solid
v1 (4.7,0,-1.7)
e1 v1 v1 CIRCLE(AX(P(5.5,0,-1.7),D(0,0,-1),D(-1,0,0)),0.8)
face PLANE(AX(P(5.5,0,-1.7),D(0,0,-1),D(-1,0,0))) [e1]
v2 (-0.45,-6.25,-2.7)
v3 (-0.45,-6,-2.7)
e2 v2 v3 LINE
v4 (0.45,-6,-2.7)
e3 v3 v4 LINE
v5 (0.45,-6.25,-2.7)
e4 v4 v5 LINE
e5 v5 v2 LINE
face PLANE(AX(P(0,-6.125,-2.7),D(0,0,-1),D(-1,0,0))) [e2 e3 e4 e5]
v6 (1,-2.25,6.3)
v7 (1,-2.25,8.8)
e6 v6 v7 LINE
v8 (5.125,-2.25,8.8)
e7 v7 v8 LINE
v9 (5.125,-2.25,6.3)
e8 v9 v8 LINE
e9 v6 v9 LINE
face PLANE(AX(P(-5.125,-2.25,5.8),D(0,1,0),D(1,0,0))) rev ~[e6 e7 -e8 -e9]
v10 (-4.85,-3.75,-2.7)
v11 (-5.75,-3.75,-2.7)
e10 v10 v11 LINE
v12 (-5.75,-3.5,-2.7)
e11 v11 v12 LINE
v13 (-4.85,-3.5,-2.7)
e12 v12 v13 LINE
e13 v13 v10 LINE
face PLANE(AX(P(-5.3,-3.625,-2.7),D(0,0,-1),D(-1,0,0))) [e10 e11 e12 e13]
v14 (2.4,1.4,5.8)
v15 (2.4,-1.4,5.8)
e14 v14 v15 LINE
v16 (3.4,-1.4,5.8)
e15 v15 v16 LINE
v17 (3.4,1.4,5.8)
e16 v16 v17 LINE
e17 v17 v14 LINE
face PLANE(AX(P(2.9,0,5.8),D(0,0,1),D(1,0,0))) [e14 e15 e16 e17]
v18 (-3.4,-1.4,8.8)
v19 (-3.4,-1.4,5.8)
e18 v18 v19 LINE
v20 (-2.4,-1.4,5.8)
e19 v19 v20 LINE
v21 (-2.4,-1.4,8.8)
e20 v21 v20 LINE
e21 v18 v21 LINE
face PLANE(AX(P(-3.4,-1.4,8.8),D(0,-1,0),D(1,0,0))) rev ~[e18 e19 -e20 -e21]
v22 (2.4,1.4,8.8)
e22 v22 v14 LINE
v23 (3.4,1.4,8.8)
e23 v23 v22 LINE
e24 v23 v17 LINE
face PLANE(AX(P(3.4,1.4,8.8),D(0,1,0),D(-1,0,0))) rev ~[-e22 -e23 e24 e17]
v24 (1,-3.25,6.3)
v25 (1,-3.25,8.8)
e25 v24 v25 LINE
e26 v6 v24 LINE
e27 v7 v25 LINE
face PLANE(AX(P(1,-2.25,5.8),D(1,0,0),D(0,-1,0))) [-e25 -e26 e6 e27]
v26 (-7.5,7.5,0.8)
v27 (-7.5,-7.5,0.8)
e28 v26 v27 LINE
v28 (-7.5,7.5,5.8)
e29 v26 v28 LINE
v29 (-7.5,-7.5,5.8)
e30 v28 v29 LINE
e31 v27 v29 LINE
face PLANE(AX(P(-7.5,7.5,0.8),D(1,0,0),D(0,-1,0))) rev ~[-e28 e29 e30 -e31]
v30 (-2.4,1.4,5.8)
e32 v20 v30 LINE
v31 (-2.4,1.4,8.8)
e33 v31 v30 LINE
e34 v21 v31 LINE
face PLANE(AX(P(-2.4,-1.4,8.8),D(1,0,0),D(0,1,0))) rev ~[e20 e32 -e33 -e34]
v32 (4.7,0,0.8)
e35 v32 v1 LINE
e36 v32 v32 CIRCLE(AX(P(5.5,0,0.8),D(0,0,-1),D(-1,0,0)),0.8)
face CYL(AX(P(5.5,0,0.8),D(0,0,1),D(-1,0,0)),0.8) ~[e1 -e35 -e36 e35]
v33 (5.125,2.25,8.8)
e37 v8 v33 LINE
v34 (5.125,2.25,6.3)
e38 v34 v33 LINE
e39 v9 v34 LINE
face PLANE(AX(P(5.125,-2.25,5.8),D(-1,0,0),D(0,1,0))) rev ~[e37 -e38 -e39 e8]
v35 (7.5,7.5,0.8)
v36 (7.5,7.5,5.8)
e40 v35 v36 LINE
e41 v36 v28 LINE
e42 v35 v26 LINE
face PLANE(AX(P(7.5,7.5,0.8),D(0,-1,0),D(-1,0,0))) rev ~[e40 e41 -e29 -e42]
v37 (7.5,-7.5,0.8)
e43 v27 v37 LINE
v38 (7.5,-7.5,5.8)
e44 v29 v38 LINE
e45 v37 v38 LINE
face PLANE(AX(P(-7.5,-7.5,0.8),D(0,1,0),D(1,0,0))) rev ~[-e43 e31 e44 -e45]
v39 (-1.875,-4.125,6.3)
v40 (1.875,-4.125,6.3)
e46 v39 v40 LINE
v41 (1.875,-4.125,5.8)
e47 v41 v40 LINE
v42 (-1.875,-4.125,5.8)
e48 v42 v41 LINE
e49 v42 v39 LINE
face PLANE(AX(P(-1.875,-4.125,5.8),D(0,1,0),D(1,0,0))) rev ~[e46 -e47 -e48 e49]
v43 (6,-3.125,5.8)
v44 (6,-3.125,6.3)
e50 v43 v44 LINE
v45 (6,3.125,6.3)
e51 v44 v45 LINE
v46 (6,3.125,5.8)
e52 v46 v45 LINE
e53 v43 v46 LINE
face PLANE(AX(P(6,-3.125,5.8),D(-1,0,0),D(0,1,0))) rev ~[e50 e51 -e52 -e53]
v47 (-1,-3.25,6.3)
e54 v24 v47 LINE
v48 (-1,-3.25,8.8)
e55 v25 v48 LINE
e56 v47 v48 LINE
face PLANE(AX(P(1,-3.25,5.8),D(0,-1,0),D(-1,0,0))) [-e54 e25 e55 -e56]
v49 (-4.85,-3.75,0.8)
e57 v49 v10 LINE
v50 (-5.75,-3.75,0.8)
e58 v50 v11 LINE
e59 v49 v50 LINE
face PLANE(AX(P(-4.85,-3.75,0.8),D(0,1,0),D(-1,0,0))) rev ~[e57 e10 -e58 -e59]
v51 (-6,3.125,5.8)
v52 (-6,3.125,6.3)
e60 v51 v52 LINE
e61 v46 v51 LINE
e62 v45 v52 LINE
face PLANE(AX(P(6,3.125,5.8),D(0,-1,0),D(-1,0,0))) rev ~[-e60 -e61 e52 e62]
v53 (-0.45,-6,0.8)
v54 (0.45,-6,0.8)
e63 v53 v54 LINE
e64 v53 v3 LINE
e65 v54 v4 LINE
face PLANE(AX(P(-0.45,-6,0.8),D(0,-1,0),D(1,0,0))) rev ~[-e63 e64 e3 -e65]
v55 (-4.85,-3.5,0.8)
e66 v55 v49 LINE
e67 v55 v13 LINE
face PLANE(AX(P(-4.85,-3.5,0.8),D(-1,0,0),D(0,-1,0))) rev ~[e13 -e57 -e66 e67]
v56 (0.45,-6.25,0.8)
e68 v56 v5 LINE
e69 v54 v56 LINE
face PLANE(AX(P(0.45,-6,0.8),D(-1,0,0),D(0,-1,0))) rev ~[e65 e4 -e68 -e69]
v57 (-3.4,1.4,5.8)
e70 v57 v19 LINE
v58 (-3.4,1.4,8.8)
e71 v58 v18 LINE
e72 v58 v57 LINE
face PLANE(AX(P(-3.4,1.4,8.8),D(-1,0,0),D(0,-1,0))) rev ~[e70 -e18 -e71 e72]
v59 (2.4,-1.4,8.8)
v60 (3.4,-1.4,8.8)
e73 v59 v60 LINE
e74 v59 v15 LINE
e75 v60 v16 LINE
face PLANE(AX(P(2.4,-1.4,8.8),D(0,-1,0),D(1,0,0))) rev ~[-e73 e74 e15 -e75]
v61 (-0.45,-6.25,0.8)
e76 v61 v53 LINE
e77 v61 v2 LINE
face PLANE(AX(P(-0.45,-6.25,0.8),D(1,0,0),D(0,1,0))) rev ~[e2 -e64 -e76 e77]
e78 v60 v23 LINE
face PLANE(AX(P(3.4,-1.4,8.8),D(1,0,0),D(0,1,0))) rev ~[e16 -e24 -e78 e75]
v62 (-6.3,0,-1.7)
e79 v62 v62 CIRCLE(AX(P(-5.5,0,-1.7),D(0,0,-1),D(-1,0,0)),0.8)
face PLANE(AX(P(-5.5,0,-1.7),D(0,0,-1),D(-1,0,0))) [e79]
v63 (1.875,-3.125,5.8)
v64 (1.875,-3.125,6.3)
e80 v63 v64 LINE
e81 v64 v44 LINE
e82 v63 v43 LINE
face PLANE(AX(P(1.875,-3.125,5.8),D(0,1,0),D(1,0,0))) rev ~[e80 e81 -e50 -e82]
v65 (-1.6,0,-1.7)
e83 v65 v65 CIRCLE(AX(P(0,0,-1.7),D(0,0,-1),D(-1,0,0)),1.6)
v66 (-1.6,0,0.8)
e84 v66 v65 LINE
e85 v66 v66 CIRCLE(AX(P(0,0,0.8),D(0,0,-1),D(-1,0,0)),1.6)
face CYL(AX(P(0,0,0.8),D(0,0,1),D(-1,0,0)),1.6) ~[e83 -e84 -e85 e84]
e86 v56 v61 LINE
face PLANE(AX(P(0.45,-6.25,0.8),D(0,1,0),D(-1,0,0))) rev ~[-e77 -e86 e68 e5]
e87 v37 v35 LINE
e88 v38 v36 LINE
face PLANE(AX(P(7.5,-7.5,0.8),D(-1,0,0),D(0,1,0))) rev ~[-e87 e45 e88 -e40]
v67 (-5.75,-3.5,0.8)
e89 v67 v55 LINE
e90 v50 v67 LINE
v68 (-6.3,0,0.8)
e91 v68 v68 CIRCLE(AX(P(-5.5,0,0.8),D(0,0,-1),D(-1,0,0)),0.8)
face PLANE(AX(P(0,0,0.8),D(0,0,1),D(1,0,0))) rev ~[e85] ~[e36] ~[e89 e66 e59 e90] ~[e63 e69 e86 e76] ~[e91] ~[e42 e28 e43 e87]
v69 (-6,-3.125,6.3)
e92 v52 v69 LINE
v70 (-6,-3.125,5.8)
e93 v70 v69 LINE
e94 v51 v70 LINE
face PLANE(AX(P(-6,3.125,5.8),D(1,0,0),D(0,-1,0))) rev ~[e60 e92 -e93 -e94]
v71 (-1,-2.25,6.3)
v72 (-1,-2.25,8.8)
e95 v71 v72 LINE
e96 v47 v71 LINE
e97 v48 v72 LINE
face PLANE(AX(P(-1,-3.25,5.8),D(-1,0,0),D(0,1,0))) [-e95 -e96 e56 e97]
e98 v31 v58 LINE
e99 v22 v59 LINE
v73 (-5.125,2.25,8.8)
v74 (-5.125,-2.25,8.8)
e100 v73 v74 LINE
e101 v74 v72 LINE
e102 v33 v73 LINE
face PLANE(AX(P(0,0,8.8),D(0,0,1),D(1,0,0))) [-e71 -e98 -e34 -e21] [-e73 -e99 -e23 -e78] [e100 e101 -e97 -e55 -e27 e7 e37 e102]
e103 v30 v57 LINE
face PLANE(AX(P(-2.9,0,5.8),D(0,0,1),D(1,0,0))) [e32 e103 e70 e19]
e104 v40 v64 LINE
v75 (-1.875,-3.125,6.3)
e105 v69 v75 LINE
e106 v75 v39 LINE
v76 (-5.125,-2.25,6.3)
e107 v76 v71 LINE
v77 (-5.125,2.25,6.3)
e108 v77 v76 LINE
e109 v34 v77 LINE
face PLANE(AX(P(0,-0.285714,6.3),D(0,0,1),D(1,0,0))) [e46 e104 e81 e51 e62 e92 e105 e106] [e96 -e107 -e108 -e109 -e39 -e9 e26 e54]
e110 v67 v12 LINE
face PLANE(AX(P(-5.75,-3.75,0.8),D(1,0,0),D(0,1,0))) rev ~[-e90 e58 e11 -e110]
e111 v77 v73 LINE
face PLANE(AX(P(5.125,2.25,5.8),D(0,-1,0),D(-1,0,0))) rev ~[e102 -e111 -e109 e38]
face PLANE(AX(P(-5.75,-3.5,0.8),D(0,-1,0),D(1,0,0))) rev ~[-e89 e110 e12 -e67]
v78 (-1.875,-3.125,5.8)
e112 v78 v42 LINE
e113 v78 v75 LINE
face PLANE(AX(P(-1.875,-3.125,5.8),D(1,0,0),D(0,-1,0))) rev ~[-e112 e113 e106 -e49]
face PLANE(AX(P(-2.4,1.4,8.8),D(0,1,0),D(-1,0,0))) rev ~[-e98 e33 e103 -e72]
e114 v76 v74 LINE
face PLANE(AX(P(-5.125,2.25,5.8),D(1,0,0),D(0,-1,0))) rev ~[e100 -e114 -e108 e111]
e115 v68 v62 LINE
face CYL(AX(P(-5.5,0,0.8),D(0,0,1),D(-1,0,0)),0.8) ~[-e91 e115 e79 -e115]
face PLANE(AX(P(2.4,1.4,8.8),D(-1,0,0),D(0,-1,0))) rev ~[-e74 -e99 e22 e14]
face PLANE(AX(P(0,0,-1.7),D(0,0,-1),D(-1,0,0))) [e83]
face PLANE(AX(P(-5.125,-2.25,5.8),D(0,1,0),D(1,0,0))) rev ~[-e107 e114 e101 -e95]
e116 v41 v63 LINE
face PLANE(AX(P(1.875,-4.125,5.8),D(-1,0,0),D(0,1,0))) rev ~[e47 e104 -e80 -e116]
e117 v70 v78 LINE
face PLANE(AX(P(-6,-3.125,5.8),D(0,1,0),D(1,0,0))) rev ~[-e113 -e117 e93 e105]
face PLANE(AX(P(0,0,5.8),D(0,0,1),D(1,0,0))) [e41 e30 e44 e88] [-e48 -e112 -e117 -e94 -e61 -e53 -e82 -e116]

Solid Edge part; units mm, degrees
sketch "Sketch1" plane through (0, 0, 0) normal (0, 0, 1) x (1, 0, 0)
  line L0 (11.5, -10) -> (11.5, 10)
  line L1 (11.5, 10) -> (-11.5, 10)
  line L2 (-11.5, 10) -> (-11.5, -10)
  line L3 (-11.5, -10) -> (11.5, -10)
extrude "Protrusion1" add sketch "Sketch1" along normal mid plane 1.6
sketch "Sketch2" plane through (0, 0, 0.8) normal (0, 0, 1) x (1, 0, 0)
  line L0 (7.5, -7.5) -> (7.5, 7.5)
  line L1 (7.5, 7.5) -> (-7.5, 7.5)
  line L2 (-7.5, 7.5) -> (-7.5, -7.5)
  line L3 (-7.5, -7.5) -> (7.5, -7.5)
extrude "ExtrudedCutout_1" add sketch "Sketch2" along normal blind 5
sketch "Sketch3" plane through (0, 0, 5.8) normal (0, 0, 1) x (1, 0, 0)
  line L0 (1, -3.25) -> (-1, -3.25)
  line L1 (-1, -3.25) -> (-1, -2.25)
  line L2 (-1, -2.25) -> (1, -2.25)
  line L3 (1, -2.25) -> (1, -3.25)
  line L4 (-5.125, -2.25) -> (5.125, -2.25)
  line L5 (5.125, -2.25) -> (5.125, 2.25)
  line L6 (5.125, 2.25) -> (-5.125, 2.25)
  line L7 (-5.125, 2.25) -> (-5.125, -2.25)
  dimension "D1" = 10.25
  dimension "D2" = 4.5
  dimension "D3" = 2
  dimension "D4" = 1
extrude "ExtrudedProtrusion_3" add sketch "Sketch3" along normal blind 3
sketch "Sketch4" plane through (0, 0, 5.8) normal (0, 0, 1) x (1, 0, 0)
  line L0 (1, -2.25) -> (1, -3.25)
  line L1 (1, -3.25) -> (-1, -3.25)
  line L2 (-1, -3.25) -> (-1, -2.25)
  line L3 (-5.125, -2.25) -> (-1, -2.25)
  line L4 (-5.125, 2.25) -> (-5.125, -2.25)
  line L5 (5.125, 2.25) -> (-5.125, 2.25)
  line L6 (5.125, -2.25) -> (5.125, 2.25)
  line L7 (1, -2.25) -> (5.125, -2.25)
  line L8 (1.875, -4.125) -> (1.875, -3.125)
  line L9 (1.875, -3.125) -> (6, -3.125)
  line L10 (6, -3.125) -> (6, 3.125)
  line L11 (6, 3.125) -> (-6, 3.125)
  line L12 (-6, 3.125) -> (-6, -3.125)
  line L13 (-6, -3.125) -> (-1.875, -3.125)
  line L14 (-1.875, -3.125) -> (-1.875, -4.125)
  line L15 (-1.875, -4.125) -> (1.875, -4.125)
  dimension "D1" = 12
extrude "ExtrudedProtrusion_4" add sketch "Sketch4" along normal blind 0.5
sketch "Sketch5" plane through (0, -0.5, 8.8) normal (0, 0, 1) x (1, 0, 0)
  line L0 (-3.4, 1.9) -> (-3.4, -0.9)
  line L1 (-3.4, -0.9) -> (-2.4, -0.9)
  line L2 (-2.4, -0.9) -> (-2.4, 1.9)
  line L3 (-2.4, 1.9) -> (-3.4, 1.9)
  line L4 (3.4, -0.9) -> (3.4, 1.9)
  line L5 (3.4, 1.9) -> (2.4, 1.9)
  line L6 (2.4, 1.9) -> (2.4, -0.9)
  line L7 (2.4, -0.9) -> (3.4, -0.9)
  dimension "D1" = 1
  dimension "D2" = 2.8
  dimension "D3" = 6.8
extrude "Cutout1" cut sketch "Sketch5" against normal up to vertex (3 mm away)
sketch "Sketch6" plane through (0, 0, -0.8) normal (0, 0, -1) x (0, -1, 0)
  line L0 (10, 11.5) -> (10, -11.5)
  line L1 (10, -11.5) -> (-10, -11.5)
  line L2 (-10, -11.5) -> (-10, 11.5)
  line L3 (-10, 11.5) -> (10, 11.5)
extrude "Cutout2" cut sketch "Sketch6" against normal up to vertex (1.6 mm away)
sketch "Sketch7" plane through (0, 0, 0.8) normal (0, 0, -1) x (-1, 0, 0)
  circle A0 centre (-5.5, 0) radius 0.8
  circle A1 centre (0, 0) radius 1.6
  circle A2 centre (5.5, 0) radius 0.8
  dimension "D1" = 1.6
  dimension "D2" = 3.2
  dimension "D3" = 5.5
extrude "ExtrudedProtrusion_5" add sketch "Sketch7" along normal blind 2.5
sketch "Sketch8" plane through (0, 0, 0.8) normal (0, 0, -1) x (1, 0, 0)
  line L0 (-0.45, 6) -> (0.45, 6)
  line L1 (0.45, 6) -> (0.45, 6.25)
  line L2 (0.45, 6.25) -> (-0.45, 6.25)
  line L3 (-0.45, 6.25) -> (-0.45, 6)
  line L4 (-4.85, 3.75) -> (-5.75, 3.75)
  line L5 (-5.75, 3.75) -> (-5.75, 3.5)
  line L6 (-5.75, 3.5) -> (-4.85, 3.5)
  line L7 (-4.85, 3.5) -> (-4.85, 3.75)
  dimension "D1" = 0.9
  dimension "D2" = 0.25
  dimension "D3" = 6
  dimension "D4" = 4.4
  dimension "D5" = 3.5
extrude "ExtrudedProtrusion_6" add sketch "Sketch8" along normal blind 3.5
properties material "Polycarbonate"
